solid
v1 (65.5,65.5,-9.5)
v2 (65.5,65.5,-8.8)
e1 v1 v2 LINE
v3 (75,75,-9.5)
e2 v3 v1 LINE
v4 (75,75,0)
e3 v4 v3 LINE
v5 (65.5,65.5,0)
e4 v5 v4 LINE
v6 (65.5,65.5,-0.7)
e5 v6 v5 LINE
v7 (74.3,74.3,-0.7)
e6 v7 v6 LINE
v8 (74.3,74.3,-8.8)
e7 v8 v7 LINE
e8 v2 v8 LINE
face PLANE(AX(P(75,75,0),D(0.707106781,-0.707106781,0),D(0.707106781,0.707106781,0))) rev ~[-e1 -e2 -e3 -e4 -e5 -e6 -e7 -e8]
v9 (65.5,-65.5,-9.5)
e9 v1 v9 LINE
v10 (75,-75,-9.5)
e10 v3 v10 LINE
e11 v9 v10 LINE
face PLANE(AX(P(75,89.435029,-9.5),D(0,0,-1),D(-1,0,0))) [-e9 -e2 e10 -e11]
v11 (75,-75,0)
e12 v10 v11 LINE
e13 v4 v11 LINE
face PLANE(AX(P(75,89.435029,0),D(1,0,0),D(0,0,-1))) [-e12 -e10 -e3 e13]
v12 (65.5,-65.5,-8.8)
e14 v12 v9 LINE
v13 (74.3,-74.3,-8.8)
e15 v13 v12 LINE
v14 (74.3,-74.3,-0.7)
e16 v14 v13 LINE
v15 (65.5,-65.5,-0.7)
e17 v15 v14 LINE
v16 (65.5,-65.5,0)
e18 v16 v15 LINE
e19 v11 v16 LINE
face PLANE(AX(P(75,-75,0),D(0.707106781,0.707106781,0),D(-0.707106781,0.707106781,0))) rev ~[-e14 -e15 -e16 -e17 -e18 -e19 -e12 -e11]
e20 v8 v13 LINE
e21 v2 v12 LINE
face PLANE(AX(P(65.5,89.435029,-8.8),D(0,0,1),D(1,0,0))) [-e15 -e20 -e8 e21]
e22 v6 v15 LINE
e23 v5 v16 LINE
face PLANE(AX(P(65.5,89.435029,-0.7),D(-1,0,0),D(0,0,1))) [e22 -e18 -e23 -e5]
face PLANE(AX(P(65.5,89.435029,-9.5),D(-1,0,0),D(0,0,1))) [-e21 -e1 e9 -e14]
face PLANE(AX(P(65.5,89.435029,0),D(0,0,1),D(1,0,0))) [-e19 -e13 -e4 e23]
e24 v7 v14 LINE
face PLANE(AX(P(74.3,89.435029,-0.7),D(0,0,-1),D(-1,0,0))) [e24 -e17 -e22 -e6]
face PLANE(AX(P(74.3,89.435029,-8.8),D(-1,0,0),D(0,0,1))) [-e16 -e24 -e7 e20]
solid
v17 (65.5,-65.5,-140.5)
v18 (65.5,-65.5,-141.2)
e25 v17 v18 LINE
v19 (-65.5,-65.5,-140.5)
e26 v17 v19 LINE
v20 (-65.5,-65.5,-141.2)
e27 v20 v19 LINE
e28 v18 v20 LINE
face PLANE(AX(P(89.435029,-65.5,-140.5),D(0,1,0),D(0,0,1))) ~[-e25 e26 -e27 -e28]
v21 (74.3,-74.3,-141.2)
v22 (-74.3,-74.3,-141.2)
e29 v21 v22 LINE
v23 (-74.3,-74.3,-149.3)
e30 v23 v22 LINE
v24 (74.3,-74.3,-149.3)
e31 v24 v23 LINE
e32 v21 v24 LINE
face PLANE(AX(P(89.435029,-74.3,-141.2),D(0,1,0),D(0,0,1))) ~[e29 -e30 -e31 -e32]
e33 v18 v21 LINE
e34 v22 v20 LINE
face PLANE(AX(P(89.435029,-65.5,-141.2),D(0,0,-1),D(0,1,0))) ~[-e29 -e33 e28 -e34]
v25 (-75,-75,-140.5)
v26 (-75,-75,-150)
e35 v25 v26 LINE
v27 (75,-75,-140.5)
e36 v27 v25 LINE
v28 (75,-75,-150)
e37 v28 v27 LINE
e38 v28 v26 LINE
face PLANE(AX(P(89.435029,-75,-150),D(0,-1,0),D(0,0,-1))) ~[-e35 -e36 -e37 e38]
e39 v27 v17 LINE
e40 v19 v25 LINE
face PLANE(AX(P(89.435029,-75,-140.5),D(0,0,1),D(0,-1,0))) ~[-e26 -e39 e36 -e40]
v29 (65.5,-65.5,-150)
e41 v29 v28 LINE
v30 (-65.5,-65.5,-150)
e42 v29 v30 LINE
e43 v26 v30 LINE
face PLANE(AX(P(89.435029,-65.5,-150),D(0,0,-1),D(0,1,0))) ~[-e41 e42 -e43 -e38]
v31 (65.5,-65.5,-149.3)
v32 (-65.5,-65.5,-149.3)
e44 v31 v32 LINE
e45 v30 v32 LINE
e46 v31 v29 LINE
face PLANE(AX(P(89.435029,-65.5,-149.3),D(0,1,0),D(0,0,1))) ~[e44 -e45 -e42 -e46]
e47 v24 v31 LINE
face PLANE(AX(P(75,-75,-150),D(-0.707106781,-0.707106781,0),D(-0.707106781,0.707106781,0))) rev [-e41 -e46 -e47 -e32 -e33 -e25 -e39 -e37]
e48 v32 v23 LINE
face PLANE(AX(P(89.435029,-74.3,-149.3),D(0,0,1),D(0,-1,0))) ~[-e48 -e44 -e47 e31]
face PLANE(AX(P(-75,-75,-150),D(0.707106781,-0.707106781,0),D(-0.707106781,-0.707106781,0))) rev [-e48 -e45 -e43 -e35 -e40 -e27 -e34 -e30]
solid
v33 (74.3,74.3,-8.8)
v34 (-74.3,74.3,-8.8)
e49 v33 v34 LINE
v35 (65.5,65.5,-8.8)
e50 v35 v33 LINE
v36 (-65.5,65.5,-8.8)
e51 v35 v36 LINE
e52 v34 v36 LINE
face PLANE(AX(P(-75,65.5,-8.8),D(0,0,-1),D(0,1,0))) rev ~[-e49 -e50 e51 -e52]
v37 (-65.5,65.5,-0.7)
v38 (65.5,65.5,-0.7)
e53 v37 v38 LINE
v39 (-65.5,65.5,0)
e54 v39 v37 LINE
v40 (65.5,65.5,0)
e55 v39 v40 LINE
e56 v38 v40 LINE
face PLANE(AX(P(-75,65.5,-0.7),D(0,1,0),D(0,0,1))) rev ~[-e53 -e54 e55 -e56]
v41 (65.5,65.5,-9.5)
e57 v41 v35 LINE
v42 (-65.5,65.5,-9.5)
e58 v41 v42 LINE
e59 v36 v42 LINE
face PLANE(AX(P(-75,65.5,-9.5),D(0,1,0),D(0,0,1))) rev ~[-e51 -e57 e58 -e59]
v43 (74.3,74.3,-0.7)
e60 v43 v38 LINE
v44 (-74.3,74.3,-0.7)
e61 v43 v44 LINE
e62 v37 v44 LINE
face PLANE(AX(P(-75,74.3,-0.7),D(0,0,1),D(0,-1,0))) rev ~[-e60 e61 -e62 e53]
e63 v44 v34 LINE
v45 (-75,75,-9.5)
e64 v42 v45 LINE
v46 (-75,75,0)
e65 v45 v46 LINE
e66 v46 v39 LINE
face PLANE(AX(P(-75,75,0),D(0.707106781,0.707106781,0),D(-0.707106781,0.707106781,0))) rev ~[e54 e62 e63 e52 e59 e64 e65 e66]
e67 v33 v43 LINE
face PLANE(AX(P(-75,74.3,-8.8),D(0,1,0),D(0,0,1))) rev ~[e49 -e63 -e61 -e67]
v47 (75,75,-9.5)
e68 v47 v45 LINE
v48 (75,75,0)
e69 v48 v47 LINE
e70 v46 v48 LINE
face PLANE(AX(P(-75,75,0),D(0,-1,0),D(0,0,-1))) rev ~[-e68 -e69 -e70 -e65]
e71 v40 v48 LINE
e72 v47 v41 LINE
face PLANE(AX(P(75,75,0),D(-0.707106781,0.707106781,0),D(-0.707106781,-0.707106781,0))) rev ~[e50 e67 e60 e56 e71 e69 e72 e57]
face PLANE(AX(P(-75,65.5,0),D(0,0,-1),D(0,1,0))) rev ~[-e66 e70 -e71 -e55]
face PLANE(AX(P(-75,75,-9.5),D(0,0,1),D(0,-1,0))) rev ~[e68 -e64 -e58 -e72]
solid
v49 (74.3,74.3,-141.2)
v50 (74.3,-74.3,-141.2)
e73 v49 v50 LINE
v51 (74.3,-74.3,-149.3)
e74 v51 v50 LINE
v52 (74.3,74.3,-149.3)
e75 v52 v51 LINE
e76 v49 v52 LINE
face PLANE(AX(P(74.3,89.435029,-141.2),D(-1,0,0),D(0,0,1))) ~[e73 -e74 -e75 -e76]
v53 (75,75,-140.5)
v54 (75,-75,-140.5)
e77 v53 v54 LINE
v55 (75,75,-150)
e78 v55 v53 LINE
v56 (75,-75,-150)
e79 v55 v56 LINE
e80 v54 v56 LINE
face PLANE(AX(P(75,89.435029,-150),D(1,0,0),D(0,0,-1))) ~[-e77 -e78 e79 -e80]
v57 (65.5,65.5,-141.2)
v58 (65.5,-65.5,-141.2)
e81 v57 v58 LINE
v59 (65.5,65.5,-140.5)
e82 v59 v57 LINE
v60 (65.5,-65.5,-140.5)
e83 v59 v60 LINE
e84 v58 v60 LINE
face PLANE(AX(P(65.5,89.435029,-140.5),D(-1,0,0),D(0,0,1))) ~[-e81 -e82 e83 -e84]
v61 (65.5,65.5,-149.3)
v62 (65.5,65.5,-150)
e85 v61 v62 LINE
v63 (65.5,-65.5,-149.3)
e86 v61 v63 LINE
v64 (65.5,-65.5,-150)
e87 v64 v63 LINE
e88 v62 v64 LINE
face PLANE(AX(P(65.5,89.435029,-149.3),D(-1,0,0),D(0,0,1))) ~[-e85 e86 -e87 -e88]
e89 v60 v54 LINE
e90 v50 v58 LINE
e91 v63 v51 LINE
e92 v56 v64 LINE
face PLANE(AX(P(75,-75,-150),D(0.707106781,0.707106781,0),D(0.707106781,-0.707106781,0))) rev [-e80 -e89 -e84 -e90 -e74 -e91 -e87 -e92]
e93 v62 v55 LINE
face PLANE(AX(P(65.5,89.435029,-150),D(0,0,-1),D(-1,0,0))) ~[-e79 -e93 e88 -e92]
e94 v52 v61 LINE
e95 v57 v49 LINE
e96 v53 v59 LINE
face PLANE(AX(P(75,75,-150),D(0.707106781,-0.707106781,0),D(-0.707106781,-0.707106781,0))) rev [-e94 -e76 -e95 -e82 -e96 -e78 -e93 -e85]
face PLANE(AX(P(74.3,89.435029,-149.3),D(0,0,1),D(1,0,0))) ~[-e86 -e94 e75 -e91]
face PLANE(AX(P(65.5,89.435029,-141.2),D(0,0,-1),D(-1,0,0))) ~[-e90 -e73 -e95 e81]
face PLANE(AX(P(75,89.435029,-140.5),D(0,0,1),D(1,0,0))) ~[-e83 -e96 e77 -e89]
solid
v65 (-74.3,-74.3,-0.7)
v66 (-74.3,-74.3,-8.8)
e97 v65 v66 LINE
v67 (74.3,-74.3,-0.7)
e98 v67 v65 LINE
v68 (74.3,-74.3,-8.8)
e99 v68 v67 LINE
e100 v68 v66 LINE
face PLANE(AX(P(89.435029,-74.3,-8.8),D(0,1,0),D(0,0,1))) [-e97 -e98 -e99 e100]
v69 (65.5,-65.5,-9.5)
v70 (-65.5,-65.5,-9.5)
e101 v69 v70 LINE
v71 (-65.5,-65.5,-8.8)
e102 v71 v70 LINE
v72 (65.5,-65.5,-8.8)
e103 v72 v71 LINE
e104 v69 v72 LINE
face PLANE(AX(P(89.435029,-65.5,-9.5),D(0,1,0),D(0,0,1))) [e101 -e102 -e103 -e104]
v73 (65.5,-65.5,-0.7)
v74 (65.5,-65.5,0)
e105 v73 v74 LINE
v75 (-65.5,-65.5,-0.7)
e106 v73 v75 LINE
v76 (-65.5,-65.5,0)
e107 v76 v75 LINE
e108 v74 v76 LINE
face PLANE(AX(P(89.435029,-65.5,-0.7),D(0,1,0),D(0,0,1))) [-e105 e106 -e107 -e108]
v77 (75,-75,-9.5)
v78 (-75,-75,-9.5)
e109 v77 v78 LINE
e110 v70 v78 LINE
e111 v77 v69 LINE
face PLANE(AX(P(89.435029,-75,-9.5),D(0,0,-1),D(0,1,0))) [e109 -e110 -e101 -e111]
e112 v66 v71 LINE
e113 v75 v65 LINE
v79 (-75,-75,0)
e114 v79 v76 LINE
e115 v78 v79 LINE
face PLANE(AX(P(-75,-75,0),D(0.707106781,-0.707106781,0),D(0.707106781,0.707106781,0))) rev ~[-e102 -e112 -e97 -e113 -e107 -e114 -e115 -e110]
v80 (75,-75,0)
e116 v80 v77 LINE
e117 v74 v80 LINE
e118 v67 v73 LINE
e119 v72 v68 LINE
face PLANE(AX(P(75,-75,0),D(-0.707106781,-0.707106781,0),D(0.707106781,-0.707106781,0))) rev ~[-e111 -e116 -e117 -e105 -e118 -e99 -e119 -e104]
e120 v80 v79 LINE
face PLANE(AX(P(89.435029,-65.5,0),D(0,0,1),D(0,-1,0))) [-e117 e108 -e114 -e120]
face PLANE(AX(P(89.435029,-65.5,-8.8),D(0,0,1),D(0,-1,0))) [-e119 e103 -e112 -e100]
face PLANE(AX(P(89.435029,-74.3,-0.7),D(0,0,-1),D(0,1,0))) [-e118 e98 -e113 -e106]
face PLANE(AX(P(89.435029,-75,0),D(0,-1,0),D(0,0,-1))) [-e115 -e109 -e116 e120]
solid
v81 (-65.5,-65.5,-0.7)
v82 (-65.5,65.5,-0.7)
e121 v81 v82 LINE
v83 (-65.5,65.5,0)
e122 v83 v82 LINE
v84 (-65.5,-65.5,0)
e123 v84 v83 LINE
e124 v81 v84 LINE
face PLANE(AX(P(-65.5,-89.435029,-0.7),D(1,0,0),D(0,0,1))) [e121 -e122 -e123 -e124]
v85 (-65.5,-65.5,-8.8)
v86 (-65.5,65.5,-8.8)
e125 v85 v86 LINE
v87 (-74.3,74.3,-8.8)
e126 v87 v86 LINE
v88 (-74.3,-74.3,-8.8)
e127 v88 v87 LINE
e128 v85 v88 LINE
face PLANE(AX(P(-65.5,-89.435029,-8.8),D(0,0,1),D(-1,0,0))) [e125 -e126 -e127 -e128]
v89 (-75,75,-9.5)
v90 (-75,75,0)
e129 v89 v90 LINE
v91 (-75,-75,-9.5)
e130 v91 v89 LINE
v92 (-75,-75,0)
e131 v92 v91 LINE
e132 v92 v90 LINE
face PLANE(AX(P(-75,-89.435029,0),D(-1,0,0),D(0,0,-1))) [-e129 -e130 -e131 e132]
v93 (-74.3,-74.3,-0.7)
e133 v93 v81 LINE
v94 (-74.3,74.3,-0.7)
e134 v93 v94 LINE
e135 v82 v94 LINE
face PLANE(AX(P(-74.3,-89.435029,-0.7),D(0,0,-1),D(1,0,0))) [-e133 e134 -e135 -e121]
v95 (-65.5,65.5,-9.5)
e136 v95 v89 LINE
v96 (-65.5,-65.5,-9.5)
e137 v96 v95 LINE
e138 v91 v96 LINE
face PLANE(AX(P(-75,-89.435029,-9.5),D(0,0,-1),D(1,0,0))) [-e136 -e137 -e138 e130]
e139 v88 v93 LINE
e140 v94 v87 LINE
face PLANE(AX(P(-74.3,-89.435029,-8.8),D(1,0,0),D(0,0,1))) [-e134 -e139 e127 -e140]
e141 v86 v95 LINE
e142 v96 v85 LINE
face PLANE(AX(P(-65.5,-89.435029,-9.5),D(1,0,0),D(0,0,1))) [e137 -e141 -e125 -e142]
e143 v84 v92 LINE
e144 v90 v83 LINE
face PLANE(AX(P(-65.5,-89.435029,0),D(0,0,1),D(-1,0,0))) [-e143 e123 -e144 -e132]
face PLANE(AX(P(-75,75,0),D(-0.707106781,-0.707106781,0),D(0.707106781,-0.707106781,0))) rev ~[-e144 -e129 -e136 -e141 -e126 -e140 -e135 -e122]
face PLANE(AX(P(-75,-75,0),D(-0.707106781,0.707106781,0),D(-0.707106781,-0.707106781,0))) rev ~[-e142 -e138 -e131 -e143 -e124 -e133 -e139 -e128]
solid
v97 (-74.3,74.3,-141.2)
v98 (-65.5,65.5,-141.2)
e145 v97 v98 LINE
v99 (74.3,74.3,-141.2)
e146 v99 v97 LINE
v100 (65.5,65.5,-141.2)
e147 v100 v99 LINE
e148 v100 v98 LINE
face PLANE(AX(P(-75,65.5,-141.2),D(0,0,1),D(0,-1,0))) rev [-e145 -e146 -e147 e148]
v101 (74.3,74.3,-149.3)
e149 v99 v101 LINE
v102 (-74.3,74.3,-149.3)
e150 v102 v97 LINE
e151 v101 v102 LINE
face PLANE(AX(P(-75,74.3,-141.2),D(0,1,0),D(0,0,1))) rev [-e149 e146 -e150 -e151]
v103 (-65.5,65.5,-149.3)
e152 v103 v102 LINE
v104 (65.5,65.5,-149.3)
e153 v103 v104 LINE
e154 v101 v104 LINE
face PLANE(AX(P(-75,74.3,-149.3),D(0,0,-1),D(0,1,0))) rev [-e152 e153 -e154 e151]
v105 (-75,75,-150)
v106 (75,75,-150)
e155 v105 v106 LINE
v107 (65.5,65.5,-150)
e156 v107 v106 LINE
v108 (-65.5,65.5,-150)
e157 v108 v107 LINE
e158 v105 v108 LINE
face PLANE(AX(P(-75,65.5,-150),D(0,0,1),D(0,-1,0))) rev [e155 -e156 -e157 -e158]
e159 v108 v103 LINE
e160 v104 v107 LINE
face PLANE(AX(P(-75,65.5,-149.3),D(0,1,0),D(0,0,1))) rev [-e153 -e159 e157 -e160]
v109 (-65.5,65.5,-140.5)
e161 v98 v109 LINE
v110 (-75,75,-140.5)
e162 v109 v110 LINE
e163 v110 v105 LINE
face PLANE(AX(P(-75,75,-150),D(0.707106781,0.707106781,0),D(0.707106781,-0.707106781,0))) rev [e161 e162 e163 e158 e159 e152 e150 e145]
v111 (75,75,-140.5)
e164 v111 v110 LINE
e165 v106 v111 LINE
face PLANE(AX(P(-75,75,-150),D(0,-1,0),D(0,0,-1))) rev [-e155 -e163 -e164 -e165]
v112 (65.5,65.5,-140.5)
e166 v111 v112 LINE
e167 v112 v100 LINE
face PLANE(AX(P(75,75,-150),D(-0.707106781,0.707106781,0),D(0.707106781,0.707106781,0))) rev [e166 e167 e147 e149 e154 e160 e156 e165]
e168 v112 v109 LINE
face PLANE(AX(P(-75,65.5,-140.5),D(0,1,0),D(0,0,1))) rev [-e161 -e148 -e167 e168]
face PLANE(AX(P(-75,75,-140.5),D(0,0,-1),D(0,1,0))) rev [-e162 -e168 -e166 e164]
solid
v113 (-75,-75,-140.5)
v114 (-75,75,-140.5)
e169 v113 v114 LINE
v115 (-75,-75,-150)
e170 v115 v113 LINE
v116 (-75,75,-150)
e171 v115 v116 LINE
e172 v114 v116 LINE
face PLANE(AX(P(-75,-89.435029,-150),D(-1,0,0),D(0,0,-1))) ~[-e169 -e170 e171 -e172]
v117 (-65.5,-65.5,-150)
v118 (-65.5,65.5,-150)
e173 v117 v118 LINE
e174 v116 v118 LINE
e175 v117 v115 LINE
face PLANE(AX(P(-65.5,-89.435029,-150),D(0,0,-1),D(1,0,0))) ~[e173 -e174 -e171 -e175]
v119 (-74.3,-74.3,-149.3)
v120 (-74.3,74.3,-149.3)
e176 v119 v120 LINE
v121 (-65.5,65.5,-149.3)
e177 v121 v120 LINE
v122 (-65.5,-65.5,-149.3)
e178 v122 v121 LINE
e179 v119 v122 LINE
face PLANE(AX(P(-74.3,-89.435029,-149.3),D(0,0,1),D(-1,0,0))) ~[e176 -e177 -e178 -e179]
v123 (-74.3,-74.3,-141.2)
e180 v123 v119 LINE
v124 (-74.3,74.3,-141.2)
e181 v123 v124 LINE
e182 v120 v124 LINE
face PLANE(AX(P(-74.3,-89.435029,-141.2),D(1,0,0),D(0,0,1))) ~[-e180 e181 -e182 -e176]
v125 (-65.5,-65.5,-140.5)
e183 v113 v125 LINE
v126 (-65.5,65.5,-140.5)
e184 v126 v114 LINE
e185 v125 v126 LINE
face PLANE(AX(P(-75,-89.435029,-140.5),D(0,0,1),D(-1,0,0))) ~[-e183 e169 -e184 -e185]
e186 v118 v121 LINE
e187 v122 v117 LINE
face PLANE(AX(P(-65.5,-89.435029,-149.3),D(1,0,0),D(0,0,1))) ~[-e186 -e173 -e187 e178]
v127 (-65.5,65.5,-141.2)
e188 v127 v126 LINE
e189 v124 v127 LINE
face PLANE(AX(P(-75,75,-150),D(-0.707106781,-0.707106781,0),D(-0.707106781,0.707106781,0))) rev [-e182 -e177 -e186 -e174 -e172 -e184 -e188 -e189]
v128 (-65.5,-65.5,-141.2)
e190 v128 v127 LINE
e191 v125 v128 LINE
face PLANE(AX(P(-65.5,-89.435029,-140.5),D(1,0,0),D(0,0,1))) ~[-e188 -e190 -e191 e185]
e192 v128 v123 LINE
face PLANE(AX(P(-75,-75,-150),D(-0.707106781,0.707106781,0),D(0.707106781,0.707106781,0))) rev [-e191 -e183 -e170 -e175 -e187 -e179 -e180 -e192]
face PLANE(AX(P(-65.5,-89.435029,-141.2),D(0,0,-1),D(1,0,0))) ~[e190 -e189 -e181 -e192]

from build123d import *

# Parameters (mm, degrees)
C_CHANNEL_80_X_8_1_DEPTH      = 164.435028843
C_CHANNEL_80_X_8_1_DEPTH_BACK = 14.435028843
C_CHANNEL_80_X_8_1_2_DEPTH    = 178.870057685
C_CHANNEL_80_X_8_1_3_DEPTH    = 178.870057685
C_CHANNEL_80_X_8_1_4_DEPTH    = 178.870057685


with BuildPart() as part:
    # Sketch11 → C channel 80 X 8(1) (new, two sides)
    with BuildSketch(Plane(origin=(-75, 75, 0), x_dir=(0, 1, 0), z_dir=(1, 0, 0))) as c_channel_80_x_8_1_sk:
        Polygon((0, 0), (0, -9.5), (-9.5, -9.5), (-9.5, -8.8), (-0.7, -8.8), (-0.7, -0.7), (-9.5, -0.7), (-9.5, 0), align=None)
    extrude(amount=C_CHANNEL_80_X_8_1_DEPTH)
    extrude(c_channel_80_x_8_1_sk.sketch, amount=-C_CHANNEL_80_X_8_1_DEPTH_BACK)

    # C channel 80 X 8(1) mitre 1
    split(bisect_by=Plane(origin=(-75, 75, 0), x_dir=(-0.707106781, 0.707106781, 0), z_dir=(0.707106781, 0.707106781, 0)), keep=Keep.TOP)

    # C channel 80 X 8(1) mitre 2
    split(bisect_by=Plane(origin=(75, 75, 0), x_dir=(-0.707106781, -0.707106781, 0), z_dir=(-0.707106781, 0.707106781, 0)), keep=Keep.TOP)


with BuildPart() as body_2:
    # Sketch11 on segment 2 (carried to segment 2) → C channel 80 X 8_1 2 (new body)
    with BuildSketch(Plane(origin=(75, 89.435028843, 0), x_dir=(1, 0, 0), z_dir=(0, -1, 0))):
        Polygon((0, 0), (0, -9.5), (-9.5, -9.5), (-9.5, -8.8), (-0.7, -8.8), (-0.7, -0.7), (-9.5, -0.7), (-9.5, 0), align=None)
    extrude(amount=C_CHANNEL_80_X_8_1_2_DEPTH)

    # C channel 80 X 8_1 2 mitre 1
    split(bisect_by=Plane(origin=(75, 75, 0), x_dir=(0.707106781, 0.707106781, 0), z_dir=(0.707106781, -0.707106781, 0)), keep=Keep.TOP)

    # C channel 80 X 8_1 2 mitre 2
    split(bisect_by=Plane(origin=(75, -75, 0), x_dir=(-0.707106781, 0.707106781, 0), z_dir=(0.707106781, 0.707106781, 0)), keep=Keep.TOP)


with BuildPart() as body_3:
    # Sketch11 on segment 3 (carried to segment 3) → C channel 80 X 8_1 3 (new body)
    with BuildSketch(Plane(origin=(89.435028843, -75, 0), x_dir=(0, -1, 0), z_dir=(-1, 0, 0))):
        Polygon((0, 0), (0, -9.5), (-9.5, -9.5), (-9.5, -8.8), (-0.7, -8.8), (-0.7, -0.7), (-9.5, -0.7), (-9.5, 0), align=None)
    extrude(amount=C_CHANNEL_80_X_8_1_3_DEPTH)

    # C channel 80 X 8_1 3 mitre 1
    split(bisect_by=Plane(origin=(-75, -75, 0), x_dir=(0.707106781, 0.707106781, 0), z_dir=(0.707106781, -0.707106781, 0)), keep=Keep.TOP)

    # C channel 80 X 8_1 3 mitre 2
    split(bisect_by=Plane(origin=(75, -75, 0), x_dir=(0.707106781, -0.707106781, 0), z_dir=(-0.707106781, -0.707106781, 0)), keep=Keep.TOP)


with BuildPart() as body_4:
    # Sketch11 on segment 4 (carried to segment 4) → C channel 80 X 8_1 4 (new body)
    with BuildSketch(Plane(origin=(-75, -89.435028843, 0), x_dir=(-1, 0, 0), z_dir=(0, 1, 0))):
        Polygon((0, 0), (0, -9.5), (-9.5, -9.5), (-9.5, -8.8), (-0.7, -8.8), (-0.7, -0.7), (-9.5, -0.7), (-9.5, 0), align=None)
    extrude(amount=C_CHANNEL_80_X_8_1_4_DEPTH)

    # C channel 80 X 8_1 4 mitre 1
    split(bisect_by=Plane(origin=(-75, 75, 0), x_dir=(0.707106781, -0.707106781, 0), z_dir=(-0.707106781, -0.707106781, 0)), keep=Keep.TOP)

    # C channel 80 X 8_1 4 mitre 2
    split(bisect_by=Plane(origin=(-75, -75, 0), x_dir=(-0.707106781, -0.707106781, 0), z_dir=(-0.707106781, 0.707106781, 0)), keep=Keep.TOP)


with BuildPart() as body_5:
    # Mirror1: mirrored copy
    add(body_3.part.mirror(Plane.XY.offset(-75)))


with BuildPart() as body_6:
    # Mirror1 2: mirrored copy
    add(body_4.part.mirror(Plane.XY.offset(-75)))


with BuildPart() as body_7:
    # Mirror1 3: mirrored copy
    add(body_2.part.mirror(Plane.XY.offset(-75)))


with BuildPart() as body_8:
    # Mirror1 4: mirrored copy
    add(part.part.mirror(Plane.XY.offset(-75)))


solid = Compound([part.part, body_2.part, body_3.part, body_4.part, body_5.part, body_6.part, body_7.part, body_8.part])
